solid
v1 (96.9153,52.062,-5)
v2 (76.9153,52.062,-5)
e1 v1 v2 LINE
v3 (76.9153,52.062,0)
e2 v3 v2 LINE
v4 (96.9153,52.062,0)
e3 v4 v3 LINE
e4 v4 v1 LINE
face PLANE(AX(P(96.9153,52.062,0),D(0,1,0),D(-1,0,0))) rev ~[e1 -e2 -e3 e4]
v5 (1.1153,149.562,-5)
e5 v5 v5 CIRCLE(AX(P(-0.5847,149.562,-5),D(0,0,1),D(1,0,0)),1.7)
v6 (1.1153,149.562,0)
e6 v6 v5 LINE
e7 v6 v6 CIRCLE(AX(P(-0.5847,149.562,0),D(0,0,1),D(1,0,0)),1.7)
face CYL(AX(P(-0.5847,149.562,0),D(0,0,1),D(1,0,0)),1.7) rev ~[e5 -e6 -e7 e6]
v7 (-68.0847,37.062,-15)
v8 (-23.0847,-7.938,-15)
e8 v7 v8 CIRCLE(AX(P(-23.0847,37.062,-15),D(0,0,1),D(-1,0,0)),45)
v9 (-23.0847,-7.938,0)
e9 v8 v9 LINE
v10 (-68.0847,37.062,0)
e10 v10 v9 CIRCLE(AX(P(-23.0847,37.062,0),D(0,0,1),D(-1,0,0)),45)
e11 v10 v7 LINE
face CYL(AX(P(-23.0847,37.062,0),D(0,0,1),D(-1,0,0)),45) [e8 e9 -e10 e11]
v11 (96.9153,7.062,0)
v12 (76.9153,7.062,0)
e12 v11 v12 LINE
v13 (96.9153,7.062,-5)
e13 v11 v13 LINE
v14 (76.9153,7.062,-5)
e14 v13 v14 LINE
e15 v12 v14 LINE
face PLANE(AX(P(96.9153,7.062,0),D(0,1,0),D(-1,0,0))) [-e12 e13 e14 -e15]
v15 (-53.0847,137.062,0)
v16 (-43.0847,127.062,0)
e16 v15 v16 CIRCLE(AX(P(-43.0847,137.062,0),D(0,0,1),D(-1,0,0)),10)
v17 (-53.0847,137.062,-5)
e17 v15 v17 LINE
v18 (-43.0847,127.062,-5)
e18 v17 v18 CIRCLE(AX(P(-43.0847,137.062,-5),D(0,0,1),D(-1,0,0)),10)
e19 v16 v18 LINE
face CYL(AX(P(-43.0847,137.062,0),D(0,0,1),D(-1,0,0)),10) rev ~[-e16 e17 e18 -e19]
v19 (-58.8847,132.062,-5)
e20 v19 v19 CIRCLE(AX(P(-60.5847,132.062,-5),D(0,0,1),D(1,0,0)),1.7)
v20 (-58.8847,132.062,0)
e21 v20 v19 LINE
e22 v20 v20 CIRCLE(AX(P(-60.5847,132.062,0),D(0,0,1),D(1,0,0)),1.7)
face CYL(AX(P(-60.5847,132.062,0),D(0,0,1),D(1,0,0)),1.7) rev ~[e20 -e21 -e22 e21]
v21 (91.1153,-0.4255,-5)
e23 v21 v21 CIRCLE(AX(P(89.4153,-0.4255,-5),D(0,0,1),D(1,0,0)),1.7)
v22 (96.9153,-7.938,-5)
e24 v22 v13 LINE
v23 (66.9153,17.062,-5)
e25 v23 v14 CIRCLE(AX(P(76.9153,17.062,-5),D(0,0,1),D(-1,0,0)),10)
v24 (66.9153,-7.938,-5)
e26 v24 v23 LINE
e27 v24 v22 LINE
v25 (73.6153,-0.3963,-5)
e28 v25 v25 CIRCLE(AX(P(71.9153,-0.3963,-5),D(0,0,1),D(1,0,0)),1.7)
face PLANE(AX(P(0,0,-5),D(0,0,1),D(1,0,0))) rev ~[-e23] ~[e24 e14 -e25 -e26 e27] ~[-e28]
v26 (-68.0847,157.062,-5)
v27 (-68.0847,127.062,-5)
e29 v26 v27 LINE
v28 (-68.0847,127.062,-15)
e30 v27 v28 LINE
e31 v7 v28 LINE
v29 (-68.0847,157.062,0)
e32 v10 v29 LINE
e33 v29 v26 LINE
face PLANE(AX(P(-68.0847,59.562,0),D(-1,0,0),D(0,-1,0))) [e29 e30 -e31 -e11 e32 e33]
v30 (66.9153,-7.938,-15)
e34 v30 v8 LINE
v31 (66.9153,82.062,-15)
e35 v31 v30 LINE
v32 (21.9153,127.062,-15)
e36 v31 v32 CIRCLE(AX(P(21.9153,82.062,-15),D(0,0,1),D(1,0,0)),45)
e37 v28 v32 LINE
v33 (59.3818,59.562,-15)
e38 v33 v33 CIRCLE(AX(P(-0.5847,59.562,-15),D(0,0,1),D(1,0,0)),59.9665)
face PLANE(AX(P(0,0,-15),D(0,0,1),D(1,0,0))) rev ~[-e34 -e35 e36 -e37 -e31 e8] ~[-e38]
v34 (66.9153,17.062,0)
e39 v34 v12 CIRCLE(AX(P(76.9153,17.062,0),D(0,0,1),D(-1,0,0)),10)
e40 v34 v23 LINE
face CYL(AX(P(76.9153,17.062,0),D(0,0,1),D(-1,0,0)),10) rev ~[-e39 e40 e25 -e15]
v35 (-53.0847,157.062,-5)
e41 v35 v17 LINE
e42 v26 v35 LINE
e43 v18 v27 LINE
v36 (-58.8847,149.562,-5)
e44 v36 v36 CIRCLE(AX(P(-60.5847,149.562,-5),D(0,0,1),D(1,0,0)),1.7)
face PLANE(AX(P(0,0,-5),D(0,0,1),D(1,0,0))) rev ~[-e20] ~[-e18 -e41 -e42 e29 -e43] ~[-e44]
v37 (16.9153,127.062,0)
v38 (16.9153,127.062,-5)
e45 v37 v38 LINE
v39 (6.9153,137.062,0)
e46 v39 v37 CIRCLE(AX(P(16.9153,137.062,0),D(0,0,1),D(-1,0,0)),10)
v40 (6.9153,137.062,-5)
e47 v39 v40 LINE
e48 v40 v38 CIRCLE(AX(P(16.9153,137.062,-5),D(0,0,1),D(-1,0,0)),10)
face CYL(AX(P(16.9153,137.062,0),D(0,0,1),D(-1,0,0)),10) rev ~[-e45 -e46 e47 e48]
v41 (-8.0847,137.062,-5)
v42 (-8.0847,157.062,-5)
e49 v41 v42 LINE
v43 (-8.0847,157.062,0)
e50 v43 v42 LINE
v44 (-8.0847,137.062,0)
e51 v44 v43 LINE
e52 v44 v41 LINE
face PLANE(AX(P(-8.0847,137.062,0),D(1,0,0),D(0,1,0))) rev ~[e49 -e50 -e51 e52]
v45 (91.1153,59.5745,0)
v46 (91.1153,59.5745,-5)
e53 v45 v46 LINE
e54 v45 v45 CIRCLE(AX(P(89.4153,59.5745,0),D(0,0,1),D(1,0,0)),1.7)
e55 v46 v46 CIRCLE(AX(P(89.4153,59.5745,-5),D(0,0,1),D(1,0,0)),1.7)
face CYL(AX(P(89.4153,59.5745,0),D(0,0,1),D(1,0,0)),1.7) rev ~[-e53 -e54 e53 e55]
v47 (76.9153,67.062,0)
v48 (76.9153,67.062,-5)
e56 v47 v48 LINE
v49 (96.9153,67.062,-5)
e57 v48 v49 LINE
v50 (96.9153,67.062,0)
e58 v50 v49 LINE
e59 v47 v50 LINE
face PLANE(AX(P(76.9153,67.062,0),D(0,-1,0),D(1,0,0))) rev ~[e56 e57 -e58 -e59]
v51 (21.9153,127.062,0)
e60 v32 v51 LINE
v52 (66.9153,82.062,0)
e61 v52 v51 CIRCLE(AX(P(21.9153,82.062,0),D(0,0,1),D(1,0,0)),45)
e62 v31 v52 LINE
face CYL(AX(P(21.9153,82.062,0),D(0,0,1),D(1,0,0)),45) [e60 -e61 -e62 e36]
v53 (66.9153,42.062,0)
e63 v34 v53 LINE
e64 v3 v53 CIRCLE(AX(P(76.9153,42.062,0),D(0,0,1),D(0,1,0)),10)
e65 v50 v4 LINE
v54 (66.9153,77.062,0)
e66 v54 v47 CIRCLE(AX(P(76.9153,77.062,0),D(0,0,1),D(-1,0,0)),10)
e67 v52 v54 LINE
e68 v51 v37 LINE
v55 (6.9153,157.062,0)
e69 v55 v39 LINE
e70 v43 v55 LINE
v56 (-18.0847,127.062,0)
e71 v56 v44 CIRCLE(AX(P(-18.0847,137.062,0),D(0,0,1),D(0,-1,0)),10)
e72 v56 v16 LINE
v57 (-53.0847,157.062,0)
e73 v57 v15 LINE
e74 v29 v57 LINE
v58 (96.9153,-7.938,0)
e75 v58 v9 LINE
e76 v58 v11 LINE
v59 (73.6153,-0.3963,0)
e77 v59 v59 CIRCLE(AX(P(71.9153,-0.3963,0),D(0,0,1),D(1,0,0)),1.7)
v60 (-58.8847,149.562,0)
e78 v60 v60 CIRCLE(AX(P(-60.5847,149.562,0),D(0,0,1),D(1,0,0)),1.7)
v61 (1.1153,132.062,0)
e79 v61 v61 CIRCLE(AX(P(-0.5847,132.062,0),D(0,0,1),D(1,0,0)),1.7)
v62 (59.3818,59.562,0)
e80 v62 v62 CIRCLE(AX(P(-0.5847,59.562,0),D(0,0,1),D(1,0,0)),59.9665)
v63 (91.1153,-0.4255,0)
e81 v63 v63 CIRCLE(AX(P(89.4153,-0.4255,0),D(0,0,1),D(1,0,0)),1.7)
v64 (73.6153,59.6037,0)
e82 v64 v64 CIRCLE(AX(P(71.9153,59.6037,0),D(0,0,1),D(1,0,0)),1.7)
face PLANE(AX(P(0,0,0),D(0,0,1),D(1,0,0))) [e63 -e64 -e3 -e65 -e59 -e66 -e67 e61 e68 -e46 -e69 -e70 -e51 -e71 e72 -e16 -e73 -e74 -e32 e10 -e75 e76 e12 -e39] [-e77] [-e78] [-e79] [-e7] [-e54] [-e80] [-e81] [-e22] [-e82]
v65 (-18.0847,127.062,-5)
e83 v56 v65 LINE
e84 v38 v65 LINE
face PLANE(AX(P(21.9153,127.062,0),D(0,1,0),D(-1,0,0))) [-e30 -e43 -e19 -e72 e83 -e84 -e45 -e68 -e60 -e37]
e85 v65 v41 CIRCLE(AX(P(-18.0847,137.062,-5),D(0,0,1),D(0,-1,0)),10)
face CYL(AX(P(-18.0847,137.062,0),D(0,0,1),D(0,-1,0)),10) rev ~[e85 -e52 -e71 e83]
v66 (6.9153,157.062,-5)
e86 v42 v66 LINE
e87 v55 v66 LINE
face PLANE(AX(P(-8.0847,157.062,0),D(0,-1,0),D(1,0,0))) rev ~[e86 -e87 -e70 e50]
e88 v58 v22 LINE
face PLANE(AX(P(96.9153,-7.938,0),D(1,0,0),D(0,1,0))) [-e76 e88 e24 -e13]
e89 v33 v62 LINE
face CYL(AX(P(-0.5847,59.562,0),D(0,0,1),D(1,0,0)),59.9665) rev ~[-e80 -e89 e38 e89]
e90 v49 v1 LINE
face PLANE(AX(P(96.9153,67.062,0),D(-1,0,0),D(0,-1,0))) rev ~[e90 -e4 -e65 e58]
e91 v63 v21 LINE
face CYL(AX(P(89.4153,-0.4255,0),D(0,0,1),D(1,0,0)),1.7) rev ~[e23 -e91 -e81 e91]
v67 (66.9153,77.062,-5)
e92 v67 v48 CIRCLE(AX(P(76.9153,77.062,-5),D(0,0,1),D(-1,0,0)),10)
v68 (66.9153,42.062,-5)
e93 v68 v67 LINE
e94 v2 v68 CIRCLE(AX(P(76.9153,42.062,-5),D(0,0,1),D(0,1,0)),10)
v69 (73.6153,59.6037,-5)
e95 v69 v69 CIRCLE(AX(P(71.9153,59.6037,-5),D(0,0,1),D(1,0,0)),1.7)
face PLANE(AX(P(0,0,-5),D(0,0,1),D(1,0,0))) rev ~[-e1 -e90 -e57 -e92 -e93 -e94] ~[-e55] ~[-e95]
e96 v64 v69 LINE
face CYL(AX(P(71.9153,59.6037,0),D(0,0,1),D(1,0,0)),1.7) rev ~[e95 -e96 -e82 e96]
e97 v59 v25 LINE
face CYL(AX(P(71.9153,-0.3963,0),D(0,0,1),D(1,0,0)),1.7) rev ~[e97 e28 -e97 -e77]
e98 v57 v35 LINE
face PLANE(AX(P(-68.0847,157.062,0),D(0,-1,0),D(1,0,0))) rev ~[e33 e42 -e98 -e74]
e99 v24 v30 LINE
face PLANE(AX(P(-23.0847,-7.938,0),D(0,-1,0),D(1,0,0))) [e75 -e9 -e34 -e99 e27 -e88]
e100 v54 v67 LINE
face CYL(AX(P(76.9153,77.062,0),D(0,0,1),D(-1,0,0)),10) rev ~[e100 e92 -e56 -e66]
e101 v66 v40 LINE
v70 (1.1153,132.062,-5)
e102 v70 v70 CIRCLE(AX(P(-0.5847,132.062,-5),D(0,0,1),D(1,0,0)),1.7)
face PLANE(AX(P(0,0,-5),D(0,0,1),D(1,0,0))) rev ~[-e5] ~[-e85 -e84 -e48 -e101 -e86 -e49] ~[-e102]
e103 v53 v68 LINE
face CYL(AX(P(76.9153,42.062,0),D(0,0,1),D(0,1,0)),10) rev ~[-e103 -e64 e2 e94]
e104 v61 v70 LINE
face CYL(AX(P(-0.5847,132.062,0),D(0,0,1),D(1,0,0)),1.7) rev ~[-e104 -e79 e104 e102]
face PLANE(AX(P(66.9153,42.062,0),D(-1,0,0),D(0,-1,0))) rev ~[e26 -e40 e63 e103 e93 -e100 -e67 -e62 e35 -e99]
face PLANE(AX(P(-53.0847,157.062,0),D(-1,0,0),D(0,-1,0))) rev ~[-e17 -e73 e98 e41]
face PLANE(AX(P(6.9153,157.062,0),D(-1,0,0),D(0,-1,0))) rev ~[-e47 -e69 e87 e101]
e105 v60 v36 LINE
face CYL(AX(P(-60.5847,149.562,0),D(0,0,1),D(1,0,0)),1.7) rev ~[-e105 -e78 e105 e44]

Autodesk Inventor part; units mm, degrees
ref_plane "YZ Plane" through (0, 0, 0) normal (1, 0, 0) x (0, 1, 0)
ref_plane "XZ Plane" through (0, 0, 0) normal (0, 1, 0) x (-1, 0, 0)
ref_plane "XY Plane" through (0, 0, 0) normal (0, 0, 1) x (1, 0, 0)
sketch "Sketch1" plane through (0, 0, 0) normal (0, 0, 1) x (1, 0, 0)
  circle A0 centre (-0.5847, 59.562) radius 8.65 projected
  circle A1 centre (-0.5847, 59.562) radius 59.9665
  line L0 (-23.0847, -7.938) -> (21.9153, -7.938)
  line L1 (66.9153, 82.062) -> (66.9153, 82.062)
  line L2 (21.9153, 127.062) -> (21.9153, 127.062)
  line L3 (-68.0847, 82.062) -> (-68.0847, 37.062)
  line L4 (-68.0847, -7.938) -> (66.9153, 127.062) construction
  line L5 (66.9153, -7.938) -> (-68.0847, 127.062) construction
  arc A2 (-68.0847, 37.062) -> (-23.0847, -7.938) centre (-23.0847, 37.062) ccw
  arc A3 (66.9153, 82.062) -> (21.9153, 127.062) centre (21.9153, 82.062) ccw
  circle A4 centre (-0.5847, 59.562) radius 67.5
  line L6 (-18.0847, 127.062) -> (-23.0847, 127.062)
  line L7 (66.9153, 42.062) -> (66.9153, 37.062)
  arc A5 (-23.0847, 127.062) -> (-68.0847, 82.062) centre (-23.0847, 82.062) ccw
  arc A6 (21.9153, -7.938) -> (66.9153, 37.062) centre (21.9153, 37.062) ccw
  line L8 (21.9153, -7.938) -> (66.9153, -7.938)
  line L9 (66.9153, 37.062) -> (66.9153, 17.062)
  line L10 (-68.0847, 82.062) -> (-68.0847, 127.062)
  line L11 (-23.0847, 127.062) -> (-43.0847, 127.062)
  line L12 (-68.0847, 127.062) -> (-68.0847, 157.062)
  line L13 (-68.0847, 157.062) -> (-53.0847, 157.062)
  line L14 (-53.0847, 157.062) -> (-53.0847, 137.062)
  line L15 (66.9153, -7.938) -> (96.9153, -7.938)
  line L16 (96.9153, -7.938) -> (96.9153, 7.062)
  line L17 (96.9153, 7.062) -> (76.9153, 7.062)
  arc A7 (-53.0847, 137.062) -> (-43.0847, 127.062) centre (-43.0847, 137.062) ccw
  arc A8 (66.9153, 17.062) -> (76.9153, 7.062) centre (76.9153, 17.062) ccw
  line L18 (-0.5847, 59.562) -> (66.9153, 39.562) construction
  line L19 (76.9153, 67.062) -> (96.9153, 67.062)
  line L20 (96.9153, 67.062) -> (96.9153, 52.062)
  line L21 (96.9153, 52.062) -> (76.9153, 52.062)
  arc A9 (76.9153, 52.062) -> (66.9153, 42.062) centre (76.9153, 42.062) ccw
  line L22 (66.9153, 82.062) -> (66.9153, 77.062)
  arc A10 (66.9153, 77.062) -> (76.9153, 67.062) centre (76.9153, 77.062) ccw
  line L23 (-8.0847, 137.062) -> (-8.0847, 157.062)
  line L24 (-8.0847, 157.062) -> (6.9153, 157.062)
  line L25 (6.9153, 157.062) -> (6.9153, 137.062)
  arc A11 (-18.0847, 127.062) -> (-8.0847, 137.062) centre (-18.0847, 137.062) ccw
  line L26 (21.9153, 127.062) -> (16.9153, 127.062)
  arc A12 (6.9153, 137.062) -> (16.9153, 127.062) centre (16.9153, 137.062) ccw
  line L27 (-60.5847, 157.062) -> (-60.5847, 106.9366) construction
  line L28 (-0.5847, 157.062) -> (-0.5847, 127.062) construction
  line L29 (96.9153, 59.562) -> (66.9153, 59.612) construction
  line L30 (96.9153, -0.438) -> (46.9153, -0.3546) construction
  circle A13 centre (89.4153, -0.4255) radius 1.7
  circle A14 centre (71.9153, -0.3963) radius 1.7
  circle A15 centre (89.4153, 59.5745) radius 1.7
  circle A16 centre (71.9153, 59.6037) radius 1.7
  circle A17 centre (-0.5847, 132.062) radius 1.7
  circle A18 centre (-0.5847, 149.562) radius 1.7
  circle A19 centre (-60.5847, 149.562) radius 1.7
  circle A20 centre (-60.5847, 132.062) radius 1.7
  point P0 (0, 0)
  point P1 (21.9167, 127.0604)
  point P2 (66.9153, 67.062)
  point P3 (-8.0847, 127.062)
  point P4 (6.9153, 127.062)
  dimension "d0" = 119.933
  dimension "d1" = 135
  dimension "d2" = 135
  dimension "d10" = 45
  dimension "d33" = 45
  dimension "d34" = 30
  dimension "d35" = 15
  dimension "d36" = 30
  dimension "d37" = 10
  dimension "d38" = 30
  dimension "d39" = 15
  dimension "d41" = 45
  dimension "d42" = 15
  dimension "d43" = 10
  dimension "d44" = 10
  dimension "d45" = 30
  dimension "d46" = 15
  dimension "d47" = 45
  dimension "d48" = 10
  dimension "d49" = 10
  dimension "d50" = 3.4
  dimension "d51" = 3.4
  dimension "d52" = 3.4
  dimension "d53" = 3.4
  dimension "d54" = 3.4
  dimension "d55" = 3.4
  dimension "d56" = 3.4
  dimension "d57" = 3.4
  dimension "d58" = 7.5
  dimension "d59" = 25
  dimension "d60" = 7.5
  dimension "d61" = 25
  dimension "d62" = 25
  dimension "d63" = 7.5
  dimension "d64" = 7.5
  dimension "d65" = 25
extrude "Extrusion1" add sketch "Sketch1" against normal blind 5 contours A2 L3 A4 L0 | A4 L3 A5 L6 A11 L23 L24 L25 A12 L26 A3 L22 A10 L19 L20 L21 A9 L7 A6 L0 | A4 | A6 L9 A8 L17 L16 L15 L8 | L10 L12 L13 L14 A7 L11 A5
sketch "Sketch2" plane through (0, 0, 0) normal (0, 0, 1) x (1, 0, 0)
  circle A0 centre (-0.5847, 59.562) radius 59.9665 projected
  circle A1 centre (-0.5847, 59.562) radius 67.5
  line L0 (96.9153, -7.938) -> (-23.0847, -7.938) projected
  line L1 (-68.0847, 127.062) -> (-68.0847, 37.062) projected
  arc A2 (-68.0847, 37.062) -> (-23.0847, -7.938) centre (-23.0847, 37.062) ccw projected
  line L2 (-23.0847, -7.938) -> (-68.0847, -7.938) projected
  circle A3 centre (-0.5847, 59.562) radius 56.9665
  line L3 (-18.0847, 127.062) -> (-43.0847, 127.062) projected
  arc A4 (-68.0847, 37.062) -> (-23.0847, -7.938) centre (-23.0847, 37.062) ccw projected
  arc A5 (66.9153, 82.062) -> (21.9153, 127.062) centre (21.9153, 82.062) ccw projected
  circle A6 centre (-0.5847, 59.562) radius 59.9665 projected
  arc A7 (76.9153, 52.062) -> (66.9153, 42.062) centre (76.9153, 42.062) ccw projected
  line L4 (76.9153, 52.062) -> (96.9153, 52.062) projected
  line L5 (96.9153, 52.062) -> (96.9153, 67.062) projected
  line L6 (96.9153, 67.062) -> (76.9153, 67.062) projected
  arc A8 (66.9153, 77.062) -> (76.9153, 67.062) centre (76.9153, 77.062) ccw projected
  line L7 (66.9153, 77.062) -> (66.9153, 82.062) projected
  line L8 (21.9153, 127.062) -> (16.9153, 127.062) projected
  arc A9 (6.9153, 137.062) -> (16.9153, 127.062) centre (16.9153, 137.062) ccw projected
  line L9 (6.9153, 137.062) -> (6.9153, 157.062) projected
  line L10 (6.9153, 157.062) -> (-8.0847, 157.062) projected
  line L11 (-8.0847, 157.062) -> (-8.0847, 137.062) projected
  arc A10 (-18.0847, 127.062) -> (-8.0847, 137.062) centre (-18.0847, 137.062) ccw projected
  line L12 (-68.0847, 157.062) -> (-68.0847, 37.062) projected
  line L13 (-23.0847, -7.938) -> (96.9153, -7.938) projected
  line L14 (96.9153, -7.938) -> (96.9153, 7.062) projected
  line L15 (96.9153, 7.062) -> (76.9153, 7.062) projected
  arc A11 (66.9153, 17.062) -> (76.9153, 7.062) centre (76.9153, 17.062) ccw projected
  line L16 (66.9153, 17.062) -> (66.9153, 42.062) projected
  arc A12 (-53.0847, 137.062) -> (-43.0847, 127.062) centre (-43.0847, 137.062) ccw projected
  line L17 (-53.0847, 137.062) -> (-53.0847, 157.062) projected
  line L18 (-53.0847, 157.062) -> (-68.0847, 157.062) projected
  arc A13 (66.9153, 17.062) -> (76.9153, 7.062) centre (76.9153, 17.062) ccw projected
  line L19 (66.9153, 17.062) -> (66.9153, -7.938)
  line L20 (76.9153, 7.062) -> (41.8417, 7.062)
  line L21 (-43.0847, 127.062) -> (-18.0847, 127.062) projected
  line L22 (16.9153, 127.062) -> (-18.0847, 127.062)
  line L23 (6.9153, 137.062) -> (6.9153, 127.062)
  arc A14 (-18.0847, 127.062) -> (-8.0847, 137.062) centre (-18.0847, 137.062) ccw projected
  line L24 (-8.0847, 137.062) -> (-8.0847, 127.062)
  arc A15 (-53.0847, 137.062) -> (-43.0847, 127.062) centre (-43.0847, 137.062) ccw projected
  line L25 (-43.0847, 127.062) -> (-68.0847, 127.062)
  line L26 (-53.0847, 137.062) -> (-53.0847, 101.9884)
  line L27 (-8.0847, 127.062) -> (-8.0847, 126.644)
  line L28 (6.9153, 127.062) -> (6.9153, 126.644)
  arc A16 (76.9153, 52.062) -> (66.9153, 42.062) centre (76.9153, 42.062) ccw projected
  line L29 (66.9153, 42.062) -> (66.9153, 77.062)
  line L30 (76.9153, 67.062) -> (66.4974, 67.062)
  line L31 (96.9153, 52.062) -> (76.9153, 52.062) projected
  line L32 (76.9153, 52.062) -> (66.4974, 52.062)
  point P0 (0, 0)
  point P1 (167.5, -7.3834)
  point P2 (-67.5, 227.6166)
  point P3 (-68.0833, 59.5604)
  point P4 (-0.5847, -7.938)
  point P5 (171.9167, -7.9396)
  point P6 (-68.0833, 222.0604)
  point P7 (21.9167, -7.9396)
  point P8 (-68.0833, 82.0604)
  point P9 (-0.5833, 127.0604)
  point P10 (-68.0847, 37.062)
  point P11 (-0.5847, -7.938)
  point P12 (-68.0847, 59.562)
  point P13 (-68.0833, 82.0604)
  point P14 (-23.0847, -7.938)
  point P15 (19.009, 124.1556)
  point P16 (-68.0847, 37.062)
  point P17 (-65.1783, 39.9683)
  point P18 (-59.0255, 46.1212)
  point P19 (12.8561, 118.0028)
  point P20 (66.9153, 59.562)
  point P21 (66.9153, -7.938)
  point P22 (-0.5847, 127.062)
  dimension "d16" = 3
extrude "Extrusion2" add sketch "Sketch2" against normal blind 10 from surface at -5 contours A1 | L29 L32 A1 | A1 L30 L29 | A1 L28 L22 L8 A5 L7 L29 L30 | L32 L29 L16 L19 L20 A1 | A1 L22 L28 | L20 L19 L0 A1 | A1 L27 L22 | L0 A2 L1 A1 | A1 L26 L25 L3 L22 L27 | L1 L25 L26 A1
properties part number "Midplate"
